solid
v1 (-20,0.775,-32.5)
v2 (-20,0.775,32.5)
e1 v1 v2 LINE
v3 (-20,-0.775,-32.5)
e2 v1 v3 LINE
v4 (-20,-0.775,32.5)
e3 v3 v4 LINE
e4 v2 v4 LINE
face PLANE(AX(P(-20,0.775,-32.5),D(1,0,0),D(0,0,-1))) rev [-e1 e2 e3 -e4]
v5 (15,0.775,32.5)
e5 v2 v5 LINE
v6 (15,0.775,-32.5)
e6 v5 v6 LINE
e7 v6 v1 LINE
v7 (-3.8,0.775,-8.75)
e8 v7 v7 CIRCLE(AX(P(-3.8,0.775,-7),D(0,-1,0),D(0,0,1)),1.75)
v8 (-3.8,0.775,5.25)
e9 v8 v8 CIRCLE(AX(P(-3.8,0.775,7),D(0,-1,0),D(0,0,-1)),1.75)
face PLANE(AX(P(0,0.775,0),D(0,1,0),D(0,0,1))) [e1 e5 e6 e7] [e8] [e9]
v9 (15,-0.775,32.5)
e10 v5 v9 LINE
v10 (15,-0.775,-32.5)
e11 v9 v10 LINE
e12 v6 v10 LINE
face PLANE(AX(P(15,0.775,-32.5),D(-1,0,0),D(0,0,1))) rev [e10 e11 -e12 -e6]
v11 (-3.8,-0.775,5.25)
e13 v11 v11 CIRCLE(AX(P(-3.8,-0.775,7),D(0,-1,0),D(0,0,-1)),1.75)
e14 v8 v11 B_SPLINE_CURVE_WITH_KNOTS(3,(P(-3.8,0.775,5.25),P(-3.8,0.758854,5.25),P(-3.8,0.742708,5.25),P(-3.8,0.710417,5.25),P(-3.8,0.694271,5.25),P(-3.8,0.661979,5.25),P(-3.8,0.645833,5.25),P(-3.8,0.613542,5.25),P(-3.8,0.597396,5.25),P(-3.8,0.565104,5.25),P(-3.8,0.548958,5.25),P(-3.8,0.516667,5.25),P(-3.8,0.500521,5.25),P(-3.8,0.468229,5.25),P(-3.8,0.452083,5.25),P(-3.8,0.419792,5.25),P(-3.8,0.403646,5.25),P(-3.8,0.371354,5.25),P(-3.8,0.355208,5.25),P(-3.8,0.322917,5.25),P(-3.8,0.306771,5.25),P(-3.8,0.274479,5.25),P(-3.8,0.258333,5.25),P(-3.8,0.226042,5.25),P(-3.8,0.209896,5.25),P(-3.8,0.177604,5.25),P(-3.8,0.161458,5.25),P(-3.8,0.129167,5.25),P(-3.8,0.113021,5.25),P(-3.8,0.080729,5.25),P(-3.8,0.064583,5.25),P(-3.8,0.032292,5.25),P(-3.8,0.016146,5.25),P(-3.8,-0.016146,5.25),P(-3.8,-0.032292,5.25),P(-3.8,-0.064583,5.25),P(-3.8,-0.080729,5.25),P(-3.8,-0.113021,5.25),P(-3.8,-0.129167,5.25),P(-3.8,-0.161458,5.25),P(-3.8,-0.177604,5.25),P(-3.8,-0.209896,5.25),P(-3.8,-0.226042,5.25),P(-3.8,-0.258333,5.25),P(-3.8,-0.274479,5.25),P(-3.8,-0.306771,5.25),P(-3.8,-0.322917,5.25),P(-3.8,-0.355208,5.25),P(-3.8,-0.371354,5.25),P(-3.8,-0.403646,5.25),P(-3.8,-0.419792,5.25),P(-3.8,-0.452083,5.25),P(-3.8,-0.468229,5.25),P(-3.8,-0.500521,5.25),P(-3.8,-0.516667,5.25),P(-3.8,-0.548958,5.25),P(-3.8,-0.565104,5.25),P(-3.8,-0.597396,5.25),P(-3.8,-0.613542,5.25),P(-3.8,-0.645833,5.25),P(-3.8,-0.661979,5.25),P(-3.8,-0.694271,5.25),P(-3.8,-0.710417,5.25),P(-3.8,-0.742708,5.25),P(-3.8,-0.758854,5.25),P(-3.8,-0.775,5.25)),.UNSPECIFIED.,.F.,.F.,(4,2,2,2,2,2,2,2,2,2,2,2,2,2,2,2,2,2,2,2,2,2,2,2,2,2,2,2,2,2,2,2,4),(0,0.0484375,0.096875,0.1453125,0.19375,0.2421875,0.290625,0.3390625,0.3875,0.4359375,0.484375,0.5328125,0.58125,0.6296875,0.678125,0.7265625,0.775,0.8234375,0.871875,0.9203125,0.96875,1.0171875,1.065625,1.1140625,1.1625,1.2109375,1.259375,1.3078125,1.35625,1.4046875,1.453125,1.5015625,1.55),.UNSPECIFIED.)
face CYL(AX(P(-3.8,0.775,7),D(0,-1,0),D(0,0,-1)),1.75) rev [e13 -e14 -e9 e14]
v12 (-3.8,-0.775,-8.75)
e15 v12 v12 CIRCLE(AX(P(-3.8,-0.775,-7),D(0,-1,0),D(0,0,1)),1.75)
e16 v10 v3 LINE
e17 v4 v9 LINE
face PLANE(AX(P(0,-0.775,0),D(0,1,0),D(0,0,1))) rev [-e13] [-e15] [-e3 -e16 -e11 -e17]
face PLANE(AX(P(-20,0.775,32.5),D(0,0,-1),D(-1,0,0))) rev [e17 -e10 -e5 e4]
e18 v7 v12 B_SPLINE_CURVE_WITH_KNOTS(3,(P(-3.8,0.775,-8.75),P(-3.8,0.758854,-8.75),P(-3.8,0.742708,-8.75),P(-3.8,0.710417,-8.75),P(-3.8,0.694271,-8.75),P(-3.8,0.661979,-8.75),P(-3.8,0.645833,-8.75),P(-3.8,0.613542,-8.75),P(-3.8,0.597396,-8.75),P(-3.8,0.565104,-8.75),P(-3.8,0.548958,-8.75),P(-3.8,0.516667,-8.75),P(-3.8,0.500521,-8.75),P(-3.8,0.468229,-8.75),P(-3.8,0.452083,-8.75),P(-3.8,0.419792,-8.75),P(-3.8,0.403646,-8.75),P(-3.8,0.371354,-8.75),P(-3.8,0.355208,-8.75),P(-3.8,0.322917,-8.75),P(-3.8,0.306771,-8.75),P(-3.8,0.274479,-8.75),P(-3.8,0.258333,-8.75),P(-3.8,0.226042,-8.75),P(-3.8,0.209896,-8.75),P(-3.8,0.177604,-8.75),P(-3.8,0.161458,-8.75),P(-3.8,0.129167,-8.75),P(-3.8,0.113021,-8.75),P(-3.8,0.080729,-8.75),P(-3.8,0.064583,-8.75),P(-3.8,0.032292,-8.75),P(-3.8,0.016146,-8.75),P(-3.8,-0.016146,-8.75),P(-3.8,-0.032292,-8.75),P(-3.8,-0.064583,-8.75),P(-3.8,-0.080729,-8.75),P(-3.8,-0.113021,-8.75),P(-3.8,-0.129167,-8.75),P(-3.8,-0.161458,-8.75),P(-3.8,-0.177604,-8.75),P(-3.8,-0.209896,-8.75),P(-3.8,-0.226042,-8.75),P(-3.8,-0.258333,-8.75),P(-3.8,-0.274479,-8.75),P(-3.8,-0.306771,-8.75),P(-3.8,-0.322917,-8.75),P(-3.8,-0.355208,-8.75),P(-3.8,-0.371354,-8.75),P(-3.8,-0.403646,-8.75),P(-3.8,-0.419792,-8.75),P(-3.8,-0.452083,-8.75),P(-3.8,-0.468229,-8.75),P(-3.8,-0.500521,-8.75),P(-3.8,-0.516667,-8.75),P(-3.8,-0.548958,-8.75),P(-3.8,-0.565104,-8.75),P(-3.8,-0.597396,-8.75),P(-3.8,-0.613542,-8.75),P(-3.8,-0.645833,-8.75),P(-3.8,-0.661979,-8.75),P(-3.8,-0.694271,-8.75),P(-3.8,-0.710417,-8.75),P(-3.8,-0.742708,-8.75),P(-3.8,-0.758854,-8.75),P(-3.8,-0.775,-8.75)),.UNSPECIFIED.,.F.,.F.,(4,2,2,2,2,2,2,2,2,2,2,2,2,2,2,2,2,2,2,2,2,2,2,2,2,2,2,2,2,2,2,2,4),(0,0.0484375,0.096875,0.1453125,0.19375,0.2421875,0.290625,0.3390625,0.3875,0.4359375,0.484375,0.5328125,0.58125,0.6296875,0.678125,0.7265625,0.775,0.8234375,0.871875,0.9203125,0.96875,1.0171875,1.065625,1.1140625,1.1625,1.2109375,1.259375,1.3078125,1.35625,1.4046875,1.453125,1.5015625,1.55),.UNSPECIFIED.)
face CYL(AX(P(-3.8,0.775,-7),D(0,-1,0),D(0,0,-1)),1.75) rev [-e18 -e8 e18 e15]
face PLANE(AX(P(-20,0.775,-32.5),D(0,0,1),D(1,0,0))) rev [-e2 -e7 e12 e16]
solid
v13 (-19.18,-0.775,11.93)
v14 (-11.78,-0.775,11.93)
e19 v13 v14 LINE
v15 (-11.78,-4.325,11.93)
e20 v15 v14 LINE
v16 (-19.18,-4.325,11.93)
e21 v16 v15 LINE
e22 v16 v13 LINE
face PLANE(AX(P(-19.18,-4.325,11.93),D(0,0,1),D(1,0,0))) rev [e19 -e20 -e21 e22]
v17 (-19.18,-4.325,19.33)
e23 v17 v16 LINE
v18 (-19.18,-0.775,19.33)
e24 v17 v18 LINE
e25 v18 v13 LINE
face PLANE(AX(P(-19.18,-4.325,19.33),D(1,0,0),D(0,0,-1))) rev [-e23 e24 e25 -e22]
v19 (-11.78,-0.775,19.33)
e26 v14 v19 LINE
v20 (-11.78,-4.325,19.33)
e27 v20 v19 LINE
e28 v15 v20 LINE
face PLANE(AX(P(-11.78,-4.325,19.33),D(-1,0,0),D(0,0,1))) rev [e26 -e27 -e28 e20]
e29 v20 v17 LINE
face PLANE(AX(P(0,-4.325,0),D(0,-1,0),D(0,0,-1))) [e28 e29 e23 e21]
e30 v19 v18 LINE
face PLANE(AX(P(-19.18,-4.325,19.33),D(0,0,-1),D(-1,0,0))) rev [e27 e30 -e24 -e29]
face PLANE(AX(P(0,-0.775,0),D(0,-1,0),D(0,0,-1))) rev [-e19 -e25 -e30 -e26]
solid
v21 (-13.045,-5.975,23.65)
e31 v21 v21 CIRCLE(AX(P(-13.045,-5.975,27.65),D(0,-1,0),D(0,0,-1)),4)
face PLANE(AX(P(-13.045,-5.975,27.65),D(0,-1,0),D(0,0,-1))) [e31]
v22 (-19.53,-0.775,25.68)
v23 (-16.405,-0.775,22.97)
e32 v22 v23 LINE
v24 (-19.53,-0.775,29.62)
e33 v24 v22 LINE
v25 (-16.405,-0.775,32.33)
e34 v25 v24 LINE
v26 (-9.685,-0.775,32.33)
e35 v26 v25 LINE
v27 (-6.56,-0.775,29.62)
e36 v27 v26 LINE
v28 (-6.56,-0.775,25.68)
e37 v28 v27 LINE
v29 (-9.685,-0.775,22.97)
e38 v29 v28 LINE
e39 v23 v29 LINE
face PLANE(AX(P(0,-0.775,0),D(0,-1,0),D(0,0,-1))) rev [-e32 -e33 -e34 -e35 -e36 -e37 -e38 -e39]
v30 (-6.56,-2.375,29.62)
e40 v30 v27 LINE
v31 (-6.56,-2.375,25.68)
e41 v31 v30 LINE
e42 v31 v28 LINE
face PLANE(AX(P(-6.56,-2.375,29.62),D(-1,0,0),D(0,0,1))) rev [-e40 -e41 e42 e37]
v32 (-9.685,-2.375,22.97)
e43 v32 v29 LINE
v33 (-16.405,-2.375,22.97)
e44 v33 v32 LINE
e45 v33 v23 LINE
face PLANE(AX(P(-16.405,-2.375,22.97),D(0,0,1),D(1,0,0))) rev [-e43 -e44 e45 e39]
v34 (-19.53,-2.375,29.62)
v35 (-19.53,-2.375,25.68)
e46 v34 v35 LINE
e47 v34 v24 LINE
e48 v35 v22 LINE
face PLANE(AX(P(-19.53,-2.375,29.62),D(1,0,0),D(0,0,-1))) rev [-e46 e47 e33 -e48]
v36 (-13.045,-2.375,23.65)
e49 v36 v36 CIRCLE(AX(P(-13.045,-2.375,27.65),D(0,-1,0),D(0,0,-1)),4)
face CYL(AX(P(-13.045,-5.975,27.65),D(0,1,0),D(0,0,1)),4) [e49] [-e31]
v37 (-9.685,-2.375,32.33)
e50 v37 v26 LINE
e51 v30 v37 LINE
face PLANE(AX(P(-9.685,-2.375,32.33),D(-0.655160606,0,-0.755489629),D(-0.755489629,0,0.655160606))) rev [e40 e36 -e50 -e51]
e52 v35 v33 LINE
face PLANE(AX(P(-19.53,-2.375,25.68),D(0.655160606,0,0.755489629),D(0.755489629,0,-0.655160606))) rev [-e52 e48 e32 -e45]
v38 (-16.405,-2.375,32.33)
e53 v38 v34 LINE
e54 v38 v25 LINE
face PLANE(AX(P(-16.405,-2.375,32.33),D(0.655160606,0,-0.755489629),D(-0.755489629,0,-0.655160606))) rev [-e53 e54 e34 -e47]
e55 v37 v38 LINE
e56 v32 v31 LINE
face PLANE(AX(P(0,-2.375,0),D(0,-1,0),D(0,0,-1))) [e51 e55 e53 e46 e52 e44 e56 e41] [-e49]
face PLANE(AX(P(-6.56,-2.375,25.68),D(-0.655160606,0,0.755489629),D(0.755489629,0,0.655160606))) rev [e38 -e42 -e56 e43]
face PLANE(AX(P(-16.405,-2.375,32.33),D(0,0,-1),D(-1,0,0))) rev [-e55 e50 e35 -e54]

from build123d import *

# Parameters (mm, degrees)
SKETCH1_W           = 35
SKETCH1_H           = 65
BOSS_EXTRUDE1_DEPTH = 0.775
SKETCH2_R           = 1.75
CUT_EXTRUDE1_DEPTH  = 39.192309435
SKETCH3_W           = 7.4
SKETCH3_H           = 7.4
BOSS_EXTRUDE2_DEPTH = 3.55
BOSS_EXTRUDE3_DEPTH = 1.6
SKETCH5_R           = 4
BOSS_EXTRUDE4_DEPTH = 3.6


with BuildPart() as part:
    # Sketch1 → Boss-Extrude1 (new, symmetric)
    with BuildSketch(Plane(origin=(0, 0, 0), x_dir=(1, 0, 0), z_dir=(0, 1, 0))):
        with Locations((-2.5, 0)):
            Rectangle(SKETCH1_W, SKETCH1_H)
    extrude(amount=BOSS_EXTRUDE1_DEPTH, both=True)

    # Sketch2 → Cut-Extrude1 (cut, through all)
    with BuildSketch(Plane.XZ.offset(0.775)):
        with Locations(Location((-3.8, 7, 0), (0, 0, 270))):
            Circle(SKETCH2_R)
        with Locations(Location((-3.8, -7, 0), (0, 0, 270))):
            Circle(SKETCH2_R)
    extrude(amount=-CUT_EXTRUDE1_DEPTH, mode=Mode.SUBTRACT)


with BuildPart() as body_2:
    # Sketch3 → Boss-Extrude2 (new body)
    with BuildSketch(Plane.XZ.offset(0.775)):
        with Locations((-15.48, 15.63)):
            Rectangle(SKETCH3_W, SKETCH3_H)
    extrude(amount=BOSS_EXTRUDE2_DEPTH)


with BuildPart() as body_3:
    # Sketch4 → Boss-Extrude3 (new body)
    with BuildSketch(Plane.XZ.offset(0.775)):
        Polygon((-19.53, 29.62), (-19.53, 25.68), (-16.405, 22.97), (-9.685, 22.97), (-6.56, 25.68), (-6.56, 29.62), (-9.685, 32.33), (-16.405, 32.33), align=None)
    extrude(amount=BOSS_EXTRUDE3_DEPTH)

    # Sketch5 → Boss-Extrude4 (add)
    with BuildSketch(Plane.XZ.offset(2.375)):
        with Locations(Location((-13.045, 27.65, 0), (0, 0, 270))):
            Circle(SKETCH5_R)
    extrude(amount=BOSS_EXTRUDE4_DEPTH)


solid = Compound([part.part, body_2.part, body_3.part])
